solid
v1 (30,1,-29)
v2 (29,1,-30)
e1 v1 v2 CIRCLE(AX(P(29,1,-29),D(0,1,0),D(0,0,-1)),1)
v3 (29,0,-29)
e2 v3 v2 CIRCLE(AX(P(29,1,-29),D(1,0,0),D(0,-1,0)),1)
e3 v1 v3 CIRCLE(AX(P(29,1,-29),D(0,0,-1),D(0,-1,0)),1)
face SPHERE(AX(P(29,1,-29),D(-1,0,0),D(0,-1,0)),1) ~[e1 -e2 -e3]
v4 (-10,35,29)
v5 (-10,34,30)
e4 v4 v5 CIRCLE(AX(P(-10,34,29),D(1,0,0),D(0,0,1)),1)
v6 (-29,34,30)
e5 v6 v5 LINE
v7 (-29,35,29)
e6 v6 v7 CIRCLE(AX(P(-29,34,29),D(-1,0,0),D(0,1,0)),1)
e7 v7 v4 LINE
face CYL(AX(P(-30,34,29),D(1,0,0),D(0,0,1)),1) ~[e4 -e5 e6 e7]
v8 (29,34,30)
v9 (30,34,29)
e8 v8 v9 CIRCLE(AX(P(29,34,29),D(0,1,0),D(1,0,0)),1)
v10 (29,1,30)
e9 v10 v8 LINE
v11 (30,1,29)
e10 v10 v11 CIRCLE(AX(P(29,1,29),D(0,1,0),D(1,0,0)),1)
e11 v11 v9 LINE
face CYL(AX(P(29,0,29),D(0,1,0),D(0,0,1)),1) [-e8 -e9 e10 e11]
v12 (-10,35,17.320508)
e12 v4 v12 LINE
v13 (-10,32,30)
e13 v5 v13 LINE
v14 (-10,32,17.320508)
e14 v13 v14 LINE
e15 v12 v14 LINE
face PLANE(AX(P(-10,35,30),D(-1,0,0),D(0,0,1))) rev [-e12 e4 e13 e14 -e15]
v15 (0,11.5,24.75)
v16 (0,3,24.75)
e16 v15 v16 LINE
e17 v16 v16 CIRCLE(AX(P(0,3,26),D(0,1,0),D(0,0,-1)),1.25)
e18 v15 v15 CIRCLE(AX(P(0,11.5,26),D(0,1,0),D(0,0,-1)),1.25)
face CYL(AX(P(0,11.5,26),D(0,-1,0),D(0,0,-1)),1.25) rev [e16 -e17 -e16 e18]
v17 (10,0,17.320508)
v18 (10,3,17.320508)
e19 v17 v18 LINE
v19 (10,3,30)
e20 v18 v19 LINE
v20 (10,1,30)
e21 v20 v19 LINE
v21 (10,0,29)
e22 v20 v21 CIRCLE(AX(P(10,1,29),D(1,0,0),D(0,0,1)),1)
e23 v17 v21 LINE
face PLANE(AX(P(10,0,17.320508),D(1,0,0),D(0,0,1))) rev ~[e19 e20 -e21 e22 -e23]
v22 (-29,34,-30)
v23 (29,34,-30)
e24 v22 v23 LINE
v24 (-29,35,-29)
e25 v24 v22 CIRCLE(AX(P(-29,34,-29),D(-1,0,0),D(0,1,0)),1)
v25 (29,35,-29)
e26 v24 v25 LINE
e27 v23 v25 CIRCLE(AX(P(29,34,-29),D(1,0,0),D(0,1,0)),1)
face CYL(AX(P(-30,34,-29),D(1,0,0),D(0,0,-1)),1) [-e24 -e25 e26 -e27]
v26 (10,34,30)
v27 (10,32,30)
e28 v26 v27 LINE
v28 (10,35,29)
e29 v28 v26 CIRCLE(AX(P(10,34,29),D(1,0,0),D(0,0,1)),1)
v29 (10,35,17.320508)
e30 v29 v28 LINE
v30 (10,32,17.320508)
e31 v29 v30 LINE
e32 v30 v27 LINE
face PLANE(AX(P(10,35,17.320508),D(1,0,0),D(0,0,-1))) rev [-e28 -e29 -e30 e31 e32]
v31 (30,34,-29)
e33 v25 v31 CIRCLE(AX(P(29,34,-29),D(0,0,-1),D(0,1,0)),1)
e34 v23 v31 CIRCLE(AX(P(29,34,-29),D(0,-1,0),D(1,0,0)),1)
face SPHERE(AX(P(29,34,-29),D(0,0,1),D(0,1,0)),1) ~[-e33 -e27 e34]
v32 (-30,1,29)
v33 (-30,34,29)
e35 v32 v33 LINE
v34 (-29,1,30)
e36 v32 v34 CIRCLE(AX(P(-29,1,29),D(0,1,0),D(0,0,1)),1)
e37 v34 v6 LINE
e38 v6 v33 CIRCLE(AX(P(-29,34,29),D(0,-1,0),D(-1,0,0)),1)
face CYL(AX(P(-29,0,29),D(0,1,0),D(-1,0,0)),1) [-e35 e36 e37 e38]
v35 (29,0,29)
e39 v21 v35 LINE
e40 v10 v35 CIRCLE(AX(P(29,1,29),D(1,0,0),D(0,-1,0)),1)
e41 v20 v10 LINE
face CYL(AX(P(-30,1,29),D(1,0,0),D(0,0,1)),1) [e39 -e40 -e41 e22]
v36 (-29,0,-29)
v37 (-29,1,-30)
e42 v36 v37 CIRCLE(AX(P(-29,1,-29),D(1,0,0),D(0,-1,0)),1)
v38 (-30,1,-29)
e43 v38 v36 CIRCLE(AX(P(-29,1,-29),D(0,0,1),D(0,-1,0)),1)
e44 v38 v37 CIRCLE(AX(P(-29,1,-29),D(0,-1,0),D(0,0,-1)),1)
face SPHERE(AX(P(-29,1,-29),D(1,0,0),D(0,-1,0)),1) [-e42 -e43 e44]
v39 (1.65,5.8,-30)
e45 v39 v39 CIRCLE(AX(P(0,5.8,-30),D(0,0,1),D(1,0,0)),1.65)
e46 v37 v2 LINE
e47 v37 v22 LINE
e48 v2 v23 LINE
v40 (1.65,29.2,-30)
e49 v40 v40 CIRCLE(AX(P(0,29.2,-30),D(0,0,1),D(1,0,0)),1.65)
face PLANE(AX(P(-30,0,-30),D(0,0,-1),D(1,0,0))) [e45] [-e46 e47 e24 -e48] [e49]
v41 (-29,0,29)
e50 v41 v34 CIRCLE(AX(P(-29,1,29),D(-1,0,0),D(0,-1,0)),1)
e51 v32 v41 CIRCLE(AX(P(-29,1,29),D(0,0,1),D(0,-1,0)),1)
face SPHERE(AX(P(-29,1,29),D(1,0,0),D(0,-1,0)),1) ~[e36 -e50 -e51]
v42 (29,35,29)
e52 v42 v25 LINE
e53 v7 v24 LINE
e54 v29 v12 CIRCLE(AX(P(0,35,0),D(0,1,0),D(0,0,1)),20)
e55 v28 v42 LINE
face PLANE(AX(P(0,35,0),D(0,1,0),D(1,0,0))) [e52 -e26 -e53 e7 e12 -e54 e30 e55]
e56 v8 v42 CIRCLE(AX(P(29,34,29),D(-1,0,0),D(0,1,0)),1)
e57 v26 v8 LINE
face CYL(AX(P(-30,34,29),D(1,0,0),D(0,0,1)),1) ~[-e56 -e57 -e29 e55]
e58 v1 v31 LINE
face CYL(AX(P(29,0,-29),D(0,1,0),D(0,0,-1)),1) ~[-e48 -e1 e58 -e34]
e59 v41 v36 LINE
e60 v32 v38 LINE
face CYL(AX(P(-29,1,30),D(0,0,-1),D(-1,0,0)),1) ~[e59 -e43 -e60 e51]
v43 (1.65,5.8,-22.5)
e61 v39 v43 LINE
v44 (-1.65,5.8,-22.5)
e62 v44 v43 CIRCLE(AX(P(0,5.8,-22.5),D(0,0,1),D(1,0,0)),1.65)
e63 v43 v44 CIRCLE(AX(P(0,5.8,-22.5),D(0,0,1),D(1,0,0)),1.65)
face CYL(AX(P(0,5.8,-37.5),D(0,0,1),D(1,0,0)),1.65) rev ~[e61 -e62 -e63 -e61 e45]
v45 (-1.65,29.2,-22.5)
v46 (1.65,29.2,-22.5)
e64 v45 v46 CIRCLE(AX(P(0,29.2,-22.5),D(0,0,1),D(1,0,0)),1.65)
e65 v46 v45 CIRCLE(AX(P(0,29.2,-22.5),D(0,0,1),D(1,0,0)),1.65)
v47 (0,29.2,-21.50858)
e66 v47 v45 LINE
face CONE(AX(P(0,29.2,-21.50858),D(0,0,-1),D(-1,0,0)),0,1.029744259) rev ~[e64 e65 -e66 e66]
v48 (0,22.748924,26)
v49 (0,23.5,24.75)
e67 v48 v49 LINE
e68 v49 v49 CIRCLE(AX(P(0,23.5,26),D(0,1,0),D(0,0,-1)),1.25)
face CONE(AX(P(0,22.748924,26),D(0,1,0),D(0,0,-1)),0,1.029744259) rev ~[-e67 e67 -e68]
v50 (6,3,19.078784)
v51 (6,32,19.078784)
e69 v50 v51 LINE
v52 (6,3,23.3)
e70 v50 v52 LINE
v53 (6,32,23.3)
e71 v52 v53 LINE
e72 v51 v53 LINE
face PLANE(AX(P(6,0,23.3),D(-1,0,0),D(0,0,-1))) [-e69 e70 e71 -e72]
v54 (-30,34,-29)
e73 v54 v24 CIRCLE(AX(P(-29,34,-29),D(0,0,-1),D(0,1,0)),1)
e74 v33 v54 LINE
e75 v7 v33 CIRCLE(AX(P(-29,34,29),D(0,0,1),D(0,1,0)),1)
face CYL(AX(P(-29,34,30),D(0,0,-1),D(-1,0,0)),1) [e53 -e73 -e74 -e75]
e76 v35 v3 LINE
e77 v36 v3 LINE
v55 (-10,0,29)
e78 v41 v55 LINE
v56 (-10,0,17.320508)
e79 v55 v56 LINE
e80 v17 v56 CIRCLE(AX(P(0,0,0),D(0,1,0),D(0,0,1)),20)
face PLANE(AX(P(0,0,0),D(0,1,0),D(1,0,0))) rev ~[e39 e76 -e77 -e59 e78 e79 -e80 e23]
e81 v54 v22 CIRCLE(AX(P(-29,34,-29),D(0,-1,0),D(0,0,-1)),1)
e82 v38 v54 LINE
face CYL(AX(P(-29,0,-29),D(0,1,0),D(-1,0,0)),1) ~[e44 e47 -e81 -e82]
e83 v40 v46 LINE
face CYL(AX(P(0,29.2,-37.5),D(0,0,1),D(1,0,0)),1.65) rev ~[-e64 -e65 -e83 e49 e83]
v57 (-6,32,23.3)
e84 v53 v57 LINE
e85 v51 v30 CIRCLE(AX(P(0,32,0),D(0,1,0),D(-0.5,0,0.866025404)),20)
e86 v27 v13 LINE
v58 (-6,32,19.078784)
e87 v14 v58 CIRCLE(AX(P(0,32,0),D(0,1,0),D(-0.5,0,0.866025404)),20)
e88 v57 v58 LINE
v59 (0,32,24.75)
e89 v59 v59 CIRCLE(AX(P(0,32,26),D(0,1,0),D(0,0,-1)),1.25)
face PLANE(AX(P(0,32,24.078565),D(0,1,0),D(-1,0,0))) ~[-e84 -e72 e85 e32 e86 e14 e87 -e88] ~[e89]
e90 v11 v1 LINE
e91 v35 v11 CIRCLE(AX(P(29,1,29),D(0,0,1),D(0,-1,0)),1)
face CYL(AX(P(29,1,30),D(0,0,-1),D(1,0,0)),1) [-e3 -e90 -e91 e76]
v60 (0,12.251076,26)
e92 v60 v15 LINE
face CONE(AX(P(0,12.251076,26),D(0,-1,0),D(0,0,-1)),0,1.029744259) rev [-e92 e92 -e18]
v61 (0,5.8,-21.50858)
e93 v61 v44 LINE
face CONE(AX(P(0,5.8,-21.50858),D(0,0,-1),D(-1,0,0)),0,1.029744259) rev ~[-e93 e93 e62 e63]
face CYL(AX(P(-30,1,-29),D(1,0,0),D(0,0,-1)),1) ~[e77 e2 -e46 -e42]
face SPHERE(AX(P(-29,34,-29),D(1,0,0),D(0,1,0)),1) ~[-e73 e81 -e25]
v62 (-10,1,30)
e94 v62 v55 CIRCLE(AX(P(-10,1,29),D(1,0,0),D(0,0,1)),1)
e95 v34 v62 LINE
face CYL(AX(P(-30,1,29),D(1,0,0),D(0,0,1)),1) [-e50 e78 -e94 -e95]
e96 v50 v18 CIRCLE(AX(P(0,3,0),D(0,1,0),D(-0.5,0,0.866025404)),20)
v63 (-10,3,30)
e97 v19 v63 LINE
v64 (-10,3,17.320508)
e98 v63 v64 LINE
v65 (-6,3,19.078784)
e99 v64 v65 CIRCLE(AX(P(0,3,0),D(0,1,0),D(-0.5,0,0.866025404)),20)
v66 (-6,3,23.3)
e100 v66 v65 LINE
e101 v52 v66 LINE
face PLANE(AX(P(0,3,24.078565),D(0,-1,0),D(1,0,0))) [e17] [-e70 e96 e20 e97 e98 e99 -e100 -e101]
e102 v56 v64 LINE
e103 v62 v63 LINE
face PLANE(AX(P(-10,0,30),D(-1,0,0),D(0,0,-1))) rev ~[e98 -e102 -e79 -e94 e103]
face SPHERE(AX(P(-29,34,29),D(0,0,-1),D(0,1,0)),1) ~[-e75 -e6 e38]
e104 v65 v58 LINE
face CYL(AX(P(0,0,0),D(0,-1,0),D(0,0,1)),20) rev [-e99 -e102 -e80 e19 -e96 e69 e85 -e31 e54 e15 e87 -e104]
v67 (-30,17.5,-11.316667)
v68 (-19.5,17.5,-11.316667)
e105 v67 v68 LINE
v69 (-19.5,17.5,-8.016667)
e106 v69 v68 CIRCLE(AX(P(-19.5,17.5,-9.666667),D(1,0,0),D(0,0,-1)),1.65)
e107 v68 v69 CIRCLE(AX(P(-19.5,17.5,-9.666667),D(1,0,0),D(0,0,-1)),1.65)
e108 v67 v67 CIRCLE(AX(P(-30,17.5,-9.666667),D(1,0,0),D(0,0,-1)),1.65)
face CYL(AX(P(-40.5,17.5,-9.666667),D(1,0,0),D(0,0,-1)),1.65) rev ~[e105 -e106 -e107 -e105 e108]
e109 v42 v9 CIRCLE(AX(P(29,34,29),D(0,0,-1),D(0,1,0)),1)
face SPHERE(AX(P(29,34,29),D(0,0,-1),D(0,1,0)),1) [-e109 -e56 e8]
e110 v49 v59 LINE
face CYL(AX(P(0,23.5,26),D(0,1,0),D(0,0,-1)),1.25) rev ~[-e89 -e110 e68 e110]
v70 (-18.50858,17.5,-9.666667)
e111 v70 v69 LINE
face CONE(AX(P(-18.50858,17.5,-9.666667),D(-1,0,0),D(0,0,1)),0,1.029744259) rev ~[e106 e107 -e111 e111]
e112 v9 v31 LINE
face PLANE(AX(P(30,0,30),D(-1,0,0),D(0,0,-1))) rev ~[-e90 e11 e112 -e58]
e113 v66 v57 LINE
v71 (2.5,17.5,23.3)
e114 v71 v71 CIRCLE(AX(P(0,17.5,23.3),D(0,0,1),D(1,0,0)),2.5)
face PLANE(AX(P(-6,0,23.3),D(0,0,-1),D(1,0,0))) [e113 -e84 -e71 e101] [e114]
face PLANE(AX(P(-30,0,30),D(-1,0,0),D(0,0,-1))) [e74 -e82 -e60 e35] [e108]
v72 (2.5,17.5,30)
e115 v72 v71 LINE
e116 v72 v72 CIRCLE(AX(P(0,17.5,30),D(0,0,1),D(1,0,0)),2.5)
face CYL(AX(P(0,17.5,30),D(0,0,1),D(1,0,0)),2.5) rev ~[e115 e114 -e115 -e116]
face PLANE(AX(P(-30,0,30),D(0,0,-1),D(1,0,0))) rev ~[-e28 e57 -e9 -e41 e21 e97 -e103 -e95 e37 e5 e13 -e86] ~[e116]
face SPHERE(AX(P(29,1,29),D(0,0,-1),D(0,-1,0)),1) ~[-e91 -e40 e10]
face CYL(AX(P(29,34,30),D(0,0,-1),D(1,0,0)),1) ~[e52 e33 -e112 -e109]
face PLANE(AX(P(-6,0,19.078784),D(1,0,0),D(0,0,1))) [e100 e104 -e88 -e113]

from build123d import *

# Parameters (mm, degrees)
ESQUISSE1_W             = 60
ESQUISSE1_H             = 60
ESQUISSE1_R             = 20
BOSS_EXTRU_1_DEPTH      = 35
CONG_1_R                = 1
TROU_TARAUD_M61_REACH   = 77.664
TROU_TARAUD_M61_BORE_R  = 2.5
TROU_TARAUD_M41_D       = 3.3
TROU_TARAUD_M41_DEPTH   = 7.5
TROU_TARAUD_M41_TIP     = 0.991420021
TROU_TARAUD_M42_D       = 3.3
TROU_TARAUD_M42_DEPTH   = 10.5
TROU_TARAUD_M42_TIP     = 0.991420021
ENL_V_MAT_EXTRU_1_REACH = 57
ENL_V_MAT_EXTRU_2_DEPTH = 3


with BuildPart() as part:
    # Esquisse1 → Boss.-Extru.1 (new body)
    with BuildSketch(Plane(origin=(0, 0, 0), x_dir=(1, 0, 0), z_dir=(0, 1, 0))):
        Rectangle(ESQUISSE1_W, ESQUISSE1_H)
        with Locations(Location((0, 0, 0), (0, 0, 270))):
            Circle(ESQUISSE1_R, mode=Mode.SUBTRACT)
    extrude(amount=BOSS_EXTRU_1_DEPTH)

    # Congé1
    cong_1_edges = [part.edges().sort_by_distance(p)[0] for p in [
        (30, 35, 0),
        (0, 35, -30),
        (-30, 35, 0),
        (0, 0, -30),
        (30, 0, 0),
        (0, 0, 30),
        (-30, 0, 0),
        (0, 35, 30),
        (-30, 17.5, -30),
        (30, 17.5, -30),
        (30, 17.5, 30),
        (-30, 17.5, 30),
    ]]
    fillet(cong_1_edges, radius=CONG_1_R)

    # Trou taraudé M61 bore → Trou taraudé M61 (cut, up to next)
    with BuildSketch(Plane.XY.offset(30), mode=Mode.PRIVATE) as trou_taraud_m61_sk1:
        with Locations((0, 17.5)):
            Circle(TROU_TARAUD_M61_BORE_R)
    trou_taraud_m61_tool1 = extrude(trou_taraud_m61_sk1.sketch, amount=-TROU_TARAUD_M61_REACH, mode=Mode.PRIVATE) & part.part
    add(trou_taraud_m61_tool1.solids().sort_by_distance((0, 17.5, 30))[0], mode=Mode.SUBTRACT)

    # Trou taraudé M41
    with Locations(Plane(origin=(0, 0, -30), x_dir=(-1, 0, 0), z_dir=(0, 0, -1))):
        with Locations((0, 29.2), (0, 5.8)):
            Hole(TROU_TARAUD_M41_D / 2, depth=TROU_TARAUD_M41_DEPTH)
            with Locations((0, 0, -(TROU_TARAUD_M41_DEPTH + TROU_TARAUD_M41_TIP / 2))):  # 118° drill point
                Cone(0, TROU_TARAUD_M41_D / 2, TROU_TARAUD_M41_TIP, mode=Mode.SUBTRACT)

    # Trou taraudé M42
    with Locations(Plane.ZY.offset(30)):
        with Locations((-9.666666667, 17.5)):
            Hole(TROU_TARAUD_M42_D / 2, depth=TROU_TARAUD_M42_DEPTH)
            with Locations((0, 0, -(TROU_TARAUD_M42_DEPTH + TROU_TARAUD_M42_TIP / 2))):  # 118° drill point
                Cone(0, TROU_TARAUD_M42_D / 2, TROU_TARAUD_M42_TIP, mode=Mode.SUBTRACT)

    # Esquisse10 → Enlèv. mat.-Extru.1 (cut, up to next)
    with BuildSketch(Plane.XZ, mode=Mode.PRIVATE) as enl_v_mat_extru_1_sk1:
        with BuildLine():
            Line((6, 23.3), (6, 19.078784028))
            ThreePointArc((6, 19.078784028), (0, 20), (-6, 19.078784028))
            Line((-6, 19.078784028), (-6, 23.3))
            Line((-6, 23.3), (6, 23.3))
        make_face()
    enl_v_mat_extru_1_tool1 = extrude(enl_v_mat_extru_1_sk1.sketch, amount=-ENL_V_MAT_EXTRU_1_REACH, mode=Mode.PRIVATE) & part.part
    add(enl_v_mat_extru_1_tool1.solids().sort_by_distance((0, 0, 21.487514))[0], mode=Mode.SUBTRACT)

    # Esquisse11 → Enlèv. mat.-Extru.2 (cut)
    with BuildSketch(Plane.XZ):
        with BuildLine():
            Line((-10, 30), (-10, 17.320508076))
            ThreePointArc((-10, 17.320508076), (0, 20), (10, 17.320508076))
            Line((10, 17.320508076), (10, 30))
            Line((10, 30), (-10, 30))
        make_face()
    enl_v_mat_extru_2 = extrude(amount=-ENL_V_MAT_EXTRU_2_DEPTH, mode=Mode.SUBTRACT)

    # Esquisse13 → Trou taraudé M31 (revolve, cut)
    with BuildSketch(Plane(origin=(0, 3, 26), x_dir=(0, 0, -1), z_dir=(1, 0, 0))):
        Polygon((0, 0), (0, 9.251075774), (1.25, 8.5), (1.25, 0), align=None)
    trou_taraud_m31 = revolve(axis=Axis((0, -3.35, 26), (0, 1, 0)), mode=Mode.SUBTRACT)

    # Symétrie1: Enlèv. mat.-Extru.2, Trou taraudé M31 across plane
    add(enl_v_mat_extru_2.mirror(Plane(origin=(0, 17.5, 0), x_dir=(0, 0, 1), z_dir=(0, -1, 0))), mode=Mode.SUBTRACT)
    add(trou_taraud_m31.mirror(Plane(origin=(0, 17.5, 0), x_dir=(0, 0, 1), z_dir=(0, -1, 0))), mode=Mode.SUBTRACT)


solid = part.part
